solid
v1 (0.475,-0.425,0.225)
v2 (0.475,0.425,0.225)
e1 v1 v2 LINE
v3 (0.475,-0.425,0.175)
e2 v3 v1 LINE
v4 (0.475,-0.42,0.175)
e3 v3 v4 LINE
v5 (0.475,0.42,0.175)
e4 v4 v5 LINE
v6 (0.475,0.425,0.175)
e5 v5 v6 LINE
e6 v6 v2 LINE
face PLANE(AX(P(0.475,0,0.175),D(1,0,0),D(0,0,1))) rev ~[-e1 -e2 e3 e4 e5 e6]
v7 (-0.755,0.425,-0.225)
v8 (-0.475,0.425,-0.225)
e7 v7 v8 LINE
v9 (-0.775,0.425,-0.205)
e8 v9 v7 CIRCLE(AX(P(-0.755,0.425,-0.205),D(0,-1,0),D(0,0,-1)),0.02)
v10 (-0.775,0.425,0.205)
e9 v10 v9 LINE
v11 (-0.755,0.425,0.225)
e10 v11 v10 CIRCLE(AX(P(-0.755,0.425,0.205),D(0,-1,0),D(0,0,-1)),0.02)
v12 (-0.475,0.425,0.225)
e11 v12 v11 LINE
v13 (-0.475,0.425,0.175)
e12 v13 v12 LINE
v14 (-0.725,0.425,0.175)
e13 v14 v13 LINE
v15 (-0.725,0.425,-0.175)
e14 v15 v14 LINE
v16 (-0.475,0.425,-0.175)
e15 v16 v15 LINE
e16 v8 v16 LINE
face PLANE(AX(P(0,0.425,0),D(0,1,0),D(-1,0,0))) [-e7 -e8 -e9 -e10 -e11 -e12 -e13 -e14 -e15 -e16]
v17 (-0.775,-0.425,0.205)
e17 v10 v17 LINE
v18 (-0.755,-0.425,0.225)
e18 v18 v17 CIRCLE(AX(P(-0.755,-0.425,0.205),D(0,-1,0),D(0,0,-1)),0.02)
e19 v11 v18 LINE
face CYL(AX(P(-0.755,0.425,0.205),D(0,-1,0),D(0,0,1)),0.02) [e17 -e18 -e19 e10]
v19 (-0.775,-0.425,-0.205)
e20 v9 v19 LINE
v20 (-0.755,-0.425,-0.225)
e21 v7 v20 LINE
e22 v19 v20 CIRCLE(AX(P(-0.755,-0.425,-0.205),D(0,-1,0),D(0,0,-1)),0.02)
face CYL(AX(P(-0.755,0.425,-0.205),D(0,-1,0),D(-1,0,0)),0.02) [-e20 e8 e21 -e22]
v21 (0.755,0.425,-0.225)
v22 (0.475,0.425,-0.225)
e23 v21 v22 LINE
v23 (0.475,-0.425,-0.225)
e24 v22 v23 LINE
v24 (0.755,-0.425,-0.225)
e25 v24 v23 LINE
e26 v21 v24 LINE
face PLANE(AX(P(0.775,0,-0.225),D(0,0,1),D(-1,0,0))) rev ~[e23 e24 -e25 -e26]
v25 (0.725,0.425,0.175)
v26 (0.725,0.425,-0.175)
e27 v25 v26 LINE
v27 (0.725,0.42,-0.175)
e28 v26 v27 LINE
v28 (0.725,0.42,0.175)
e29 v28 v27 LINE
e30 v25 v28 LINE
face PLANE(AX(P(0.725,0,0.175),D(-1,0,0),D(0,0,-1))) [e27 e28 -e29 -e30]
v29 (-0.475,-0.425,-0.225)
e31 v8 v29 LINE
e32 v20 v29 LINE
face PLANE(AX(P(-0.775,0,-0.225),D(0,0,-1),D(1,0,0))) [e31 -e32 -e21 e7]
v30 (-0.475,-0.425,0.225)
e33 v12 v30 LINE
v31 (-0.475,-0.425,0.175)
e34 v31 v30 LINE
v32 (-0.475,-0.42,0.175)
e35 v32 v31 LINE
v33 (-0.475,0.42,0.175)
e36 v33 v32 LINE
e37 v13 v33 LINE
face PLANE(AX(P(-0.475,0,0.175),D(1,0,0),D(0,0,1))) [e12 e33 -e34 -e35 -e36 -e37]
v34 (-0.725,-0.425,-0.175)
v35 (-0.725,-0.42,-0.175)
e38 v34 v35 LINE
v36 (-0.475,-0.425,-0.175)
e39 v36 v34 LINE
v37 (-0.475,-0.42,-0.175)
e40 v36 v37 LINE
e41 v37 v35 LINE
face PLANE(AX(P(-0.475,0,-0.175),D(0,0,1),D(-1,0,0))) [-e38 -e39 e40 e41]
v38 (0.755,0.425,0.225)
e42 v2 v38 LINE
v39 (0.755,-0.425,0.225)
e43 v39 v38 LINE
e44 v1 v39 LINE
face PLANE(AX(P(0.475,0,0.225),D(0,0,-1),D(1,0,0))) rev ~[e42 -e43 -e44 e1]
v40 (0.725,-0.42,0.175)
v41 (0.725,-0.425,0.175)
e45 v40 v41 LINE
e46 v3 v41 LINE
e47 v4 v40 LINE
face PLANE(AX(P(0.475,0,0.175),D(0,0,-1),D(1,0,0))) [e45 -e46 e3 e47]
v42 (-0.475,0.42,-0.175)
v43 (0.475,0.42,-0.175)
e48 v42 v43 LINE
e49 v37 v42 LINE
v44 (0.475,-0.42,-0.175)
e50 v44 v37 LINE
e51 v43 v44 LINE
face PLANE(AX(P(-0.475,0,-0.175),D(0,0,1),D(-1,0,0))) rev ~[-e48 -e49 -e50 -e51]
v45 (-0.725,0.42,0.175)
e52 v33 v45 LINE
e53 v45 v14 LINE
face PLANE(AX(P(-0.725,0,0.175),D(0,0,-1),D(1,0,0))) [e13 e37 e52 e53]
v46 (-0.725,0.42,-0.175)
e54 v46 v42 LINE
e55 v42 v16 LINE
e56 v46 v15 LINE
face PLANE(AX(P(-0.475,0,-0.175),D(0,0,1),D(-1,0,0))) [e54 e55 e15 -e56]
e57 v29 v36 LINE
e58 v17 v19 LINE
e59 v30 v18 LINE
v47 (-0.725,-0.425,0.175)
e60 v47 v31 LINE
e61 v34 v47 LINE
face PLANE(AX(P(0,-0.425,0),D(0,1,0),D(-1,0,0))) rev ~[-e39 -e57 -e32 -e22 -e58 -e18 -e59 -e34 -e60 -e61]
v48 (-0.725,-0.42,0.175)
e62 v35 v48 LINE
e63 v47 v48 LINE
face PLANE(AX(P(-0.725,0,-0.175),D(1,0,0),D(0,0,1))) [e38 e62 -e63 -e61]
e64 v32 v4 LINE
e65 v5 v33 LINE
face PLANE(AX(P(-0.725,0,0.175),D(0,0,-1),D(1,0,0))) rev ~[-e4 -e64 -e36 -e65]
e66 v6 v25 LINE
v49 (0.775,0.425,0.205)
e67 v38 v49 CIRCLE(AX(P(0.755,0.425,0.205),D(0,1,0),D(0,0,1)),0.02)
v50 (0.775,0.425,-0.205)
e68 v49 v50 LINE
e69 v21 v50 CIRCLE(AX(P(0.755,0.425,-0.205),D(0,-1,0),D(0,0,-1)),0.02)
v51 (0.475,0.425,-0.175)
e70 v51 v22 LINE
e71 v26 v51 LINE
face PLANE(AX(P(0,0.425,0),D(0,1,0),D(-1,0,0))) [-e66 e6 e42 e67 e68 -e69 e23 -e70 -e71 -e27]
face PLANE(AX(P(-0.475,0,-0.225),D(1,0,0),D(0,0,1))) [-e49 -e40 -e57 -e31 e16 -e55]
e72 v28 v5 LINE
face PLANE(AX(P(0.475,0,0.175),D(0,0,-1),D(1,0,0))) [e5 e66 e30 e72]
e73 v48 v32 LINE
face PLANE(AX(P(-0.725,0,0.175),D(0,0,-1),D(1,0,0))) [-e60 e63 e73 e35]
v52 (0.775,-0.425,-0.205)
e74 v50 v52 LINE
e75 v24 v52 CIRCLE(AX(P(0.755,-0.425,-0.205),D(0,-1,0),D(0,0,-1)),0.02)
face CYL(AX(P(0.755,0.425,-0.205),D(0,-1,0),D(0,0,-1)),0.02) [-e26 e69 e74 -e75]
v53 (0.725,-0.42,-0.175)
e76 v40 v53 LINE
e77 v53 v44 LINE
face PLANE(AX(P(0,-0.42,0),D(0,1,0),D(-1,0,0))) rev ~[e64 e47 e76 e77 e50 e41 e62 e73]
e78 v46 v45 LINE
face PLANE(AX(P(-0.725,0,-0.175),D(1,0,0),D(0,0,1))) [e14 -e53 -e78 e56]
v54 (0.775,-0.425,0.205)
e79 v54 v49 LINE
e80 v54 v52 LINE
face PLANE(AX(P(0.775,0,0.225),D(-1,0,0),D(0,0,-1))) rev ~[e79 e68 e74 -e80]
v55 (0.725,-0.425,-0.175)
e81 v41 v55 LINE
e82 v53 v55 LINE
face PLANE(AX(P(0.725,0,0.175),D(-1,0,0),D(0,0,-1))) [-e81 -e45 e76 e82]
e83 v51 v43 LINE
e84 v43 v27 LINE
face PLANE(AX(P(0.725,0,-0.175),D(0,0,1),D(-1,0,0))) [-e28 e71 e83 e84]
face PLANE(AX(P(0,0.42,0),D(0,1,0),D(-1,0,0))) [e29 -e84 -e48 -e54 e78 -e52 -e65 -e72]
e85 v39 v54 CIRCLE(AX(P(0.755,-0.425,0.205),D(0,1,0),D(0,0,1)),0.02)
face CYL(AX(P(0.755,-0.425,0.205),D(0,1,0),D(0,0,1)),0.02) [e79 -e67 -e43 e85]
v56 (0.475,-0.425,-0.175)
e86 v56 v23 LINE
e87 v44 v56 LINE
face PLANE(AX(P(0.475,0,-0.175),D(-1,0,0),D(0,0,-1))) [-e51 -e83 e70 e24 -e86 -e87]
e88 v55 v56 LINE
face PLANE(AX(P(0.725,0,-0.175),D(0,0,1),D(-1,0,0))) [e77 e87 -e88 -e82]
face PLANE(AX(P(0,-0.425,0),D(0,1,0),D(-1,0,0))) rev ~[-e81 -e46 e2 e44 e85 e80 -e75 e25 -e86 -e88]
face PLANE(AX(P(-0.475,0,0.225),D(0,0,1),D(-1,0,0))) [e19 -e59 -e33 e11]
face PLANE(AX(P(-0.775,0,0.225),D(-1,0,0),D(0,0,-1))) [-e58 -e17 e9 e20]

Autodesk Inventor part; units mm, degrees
ref_plane "YZ Plane" through (0, 0, 0) normal (1, 0, 0) x (0, 1, 0)
ref_plane "XZ Plane" through (0, 0, 0) normal (0, 1, 0) x (-1, 0, 0)
ref_plane "XY Plane" through (0, 0, 0) normal (0, 0, 1) x (1, 0, 0)
sketch "Sketch1" plane through (0, 0, 0) normal (0, 1, 0) x (-1, 0, 0)
  line L0 (0.725, 0.175) -> (-0.725, 0.175)
  line L1 (-0.725, 0.175) -> (-0.725, -0.175)
  line L2 (-0.725, -0.175) -> (0.725, -0.175)
  line L3 (0.725, -0.175) -> (0.725, 0.175)
  line L4 (0.475, 0.175) -> (0.475, 0.225)
  line L5 (0.475, 0.225) -> (0.775, 0.225)
  line L6 (0.775, 0.225) -> (0.775, -0.225)
  line L7 (0.775, -0.225) -> (0.475, -0.225)
  line L8 (0.475, -0.225) -> (0.475, -0.175)
  line L9 (-0.475, 0.175) -> (-0.475, 0.225)
  line L10 (-0.475, 0.225) -> (-0.775, 0.225)
  line L11 (-0.775, 0.225) -> (-0.775, -0.225)
  line L12 (-0.775, -0.225) -> (-0.475, -0.225)
  line L13 (-0.475, -0.175) -> (-0.475, -0.225)
  line L14 (0.475, 0.175) -> (-0.475, 0.175)
  point P0 (0, 0)
  point P1 (0, 0.175)
  point P2 (0.725, 0)
  dimension "d0" = 1.55
  dimension "d1" = 0.05
  dimension "d2" = 0.05
  dimension "d3" = 0.45
  dimension "d4" = 0.3
extrude "Extrusion1" add sketch "Sketch1" along normal mid plane 0.85 contours L0 L4 L5 L6 L7 L8 L2 L3 | L0 L1 L2 L13 L12 L11 L10 L9
extrude "Extrusion2" add sketch "Sketch1" along normal mid plane 0.84 contours L3 L2 L1 L0
fillet "Fillet1" radius 0.02 4 edges at (-0.775, 0, 0.225) (-0.775, 0, -0.225) (0.775, 0, 0.225) (0.775, 0, -0.225)
equation "\"d2\" = d1"
properties part number "21-1001" material "Copper"
